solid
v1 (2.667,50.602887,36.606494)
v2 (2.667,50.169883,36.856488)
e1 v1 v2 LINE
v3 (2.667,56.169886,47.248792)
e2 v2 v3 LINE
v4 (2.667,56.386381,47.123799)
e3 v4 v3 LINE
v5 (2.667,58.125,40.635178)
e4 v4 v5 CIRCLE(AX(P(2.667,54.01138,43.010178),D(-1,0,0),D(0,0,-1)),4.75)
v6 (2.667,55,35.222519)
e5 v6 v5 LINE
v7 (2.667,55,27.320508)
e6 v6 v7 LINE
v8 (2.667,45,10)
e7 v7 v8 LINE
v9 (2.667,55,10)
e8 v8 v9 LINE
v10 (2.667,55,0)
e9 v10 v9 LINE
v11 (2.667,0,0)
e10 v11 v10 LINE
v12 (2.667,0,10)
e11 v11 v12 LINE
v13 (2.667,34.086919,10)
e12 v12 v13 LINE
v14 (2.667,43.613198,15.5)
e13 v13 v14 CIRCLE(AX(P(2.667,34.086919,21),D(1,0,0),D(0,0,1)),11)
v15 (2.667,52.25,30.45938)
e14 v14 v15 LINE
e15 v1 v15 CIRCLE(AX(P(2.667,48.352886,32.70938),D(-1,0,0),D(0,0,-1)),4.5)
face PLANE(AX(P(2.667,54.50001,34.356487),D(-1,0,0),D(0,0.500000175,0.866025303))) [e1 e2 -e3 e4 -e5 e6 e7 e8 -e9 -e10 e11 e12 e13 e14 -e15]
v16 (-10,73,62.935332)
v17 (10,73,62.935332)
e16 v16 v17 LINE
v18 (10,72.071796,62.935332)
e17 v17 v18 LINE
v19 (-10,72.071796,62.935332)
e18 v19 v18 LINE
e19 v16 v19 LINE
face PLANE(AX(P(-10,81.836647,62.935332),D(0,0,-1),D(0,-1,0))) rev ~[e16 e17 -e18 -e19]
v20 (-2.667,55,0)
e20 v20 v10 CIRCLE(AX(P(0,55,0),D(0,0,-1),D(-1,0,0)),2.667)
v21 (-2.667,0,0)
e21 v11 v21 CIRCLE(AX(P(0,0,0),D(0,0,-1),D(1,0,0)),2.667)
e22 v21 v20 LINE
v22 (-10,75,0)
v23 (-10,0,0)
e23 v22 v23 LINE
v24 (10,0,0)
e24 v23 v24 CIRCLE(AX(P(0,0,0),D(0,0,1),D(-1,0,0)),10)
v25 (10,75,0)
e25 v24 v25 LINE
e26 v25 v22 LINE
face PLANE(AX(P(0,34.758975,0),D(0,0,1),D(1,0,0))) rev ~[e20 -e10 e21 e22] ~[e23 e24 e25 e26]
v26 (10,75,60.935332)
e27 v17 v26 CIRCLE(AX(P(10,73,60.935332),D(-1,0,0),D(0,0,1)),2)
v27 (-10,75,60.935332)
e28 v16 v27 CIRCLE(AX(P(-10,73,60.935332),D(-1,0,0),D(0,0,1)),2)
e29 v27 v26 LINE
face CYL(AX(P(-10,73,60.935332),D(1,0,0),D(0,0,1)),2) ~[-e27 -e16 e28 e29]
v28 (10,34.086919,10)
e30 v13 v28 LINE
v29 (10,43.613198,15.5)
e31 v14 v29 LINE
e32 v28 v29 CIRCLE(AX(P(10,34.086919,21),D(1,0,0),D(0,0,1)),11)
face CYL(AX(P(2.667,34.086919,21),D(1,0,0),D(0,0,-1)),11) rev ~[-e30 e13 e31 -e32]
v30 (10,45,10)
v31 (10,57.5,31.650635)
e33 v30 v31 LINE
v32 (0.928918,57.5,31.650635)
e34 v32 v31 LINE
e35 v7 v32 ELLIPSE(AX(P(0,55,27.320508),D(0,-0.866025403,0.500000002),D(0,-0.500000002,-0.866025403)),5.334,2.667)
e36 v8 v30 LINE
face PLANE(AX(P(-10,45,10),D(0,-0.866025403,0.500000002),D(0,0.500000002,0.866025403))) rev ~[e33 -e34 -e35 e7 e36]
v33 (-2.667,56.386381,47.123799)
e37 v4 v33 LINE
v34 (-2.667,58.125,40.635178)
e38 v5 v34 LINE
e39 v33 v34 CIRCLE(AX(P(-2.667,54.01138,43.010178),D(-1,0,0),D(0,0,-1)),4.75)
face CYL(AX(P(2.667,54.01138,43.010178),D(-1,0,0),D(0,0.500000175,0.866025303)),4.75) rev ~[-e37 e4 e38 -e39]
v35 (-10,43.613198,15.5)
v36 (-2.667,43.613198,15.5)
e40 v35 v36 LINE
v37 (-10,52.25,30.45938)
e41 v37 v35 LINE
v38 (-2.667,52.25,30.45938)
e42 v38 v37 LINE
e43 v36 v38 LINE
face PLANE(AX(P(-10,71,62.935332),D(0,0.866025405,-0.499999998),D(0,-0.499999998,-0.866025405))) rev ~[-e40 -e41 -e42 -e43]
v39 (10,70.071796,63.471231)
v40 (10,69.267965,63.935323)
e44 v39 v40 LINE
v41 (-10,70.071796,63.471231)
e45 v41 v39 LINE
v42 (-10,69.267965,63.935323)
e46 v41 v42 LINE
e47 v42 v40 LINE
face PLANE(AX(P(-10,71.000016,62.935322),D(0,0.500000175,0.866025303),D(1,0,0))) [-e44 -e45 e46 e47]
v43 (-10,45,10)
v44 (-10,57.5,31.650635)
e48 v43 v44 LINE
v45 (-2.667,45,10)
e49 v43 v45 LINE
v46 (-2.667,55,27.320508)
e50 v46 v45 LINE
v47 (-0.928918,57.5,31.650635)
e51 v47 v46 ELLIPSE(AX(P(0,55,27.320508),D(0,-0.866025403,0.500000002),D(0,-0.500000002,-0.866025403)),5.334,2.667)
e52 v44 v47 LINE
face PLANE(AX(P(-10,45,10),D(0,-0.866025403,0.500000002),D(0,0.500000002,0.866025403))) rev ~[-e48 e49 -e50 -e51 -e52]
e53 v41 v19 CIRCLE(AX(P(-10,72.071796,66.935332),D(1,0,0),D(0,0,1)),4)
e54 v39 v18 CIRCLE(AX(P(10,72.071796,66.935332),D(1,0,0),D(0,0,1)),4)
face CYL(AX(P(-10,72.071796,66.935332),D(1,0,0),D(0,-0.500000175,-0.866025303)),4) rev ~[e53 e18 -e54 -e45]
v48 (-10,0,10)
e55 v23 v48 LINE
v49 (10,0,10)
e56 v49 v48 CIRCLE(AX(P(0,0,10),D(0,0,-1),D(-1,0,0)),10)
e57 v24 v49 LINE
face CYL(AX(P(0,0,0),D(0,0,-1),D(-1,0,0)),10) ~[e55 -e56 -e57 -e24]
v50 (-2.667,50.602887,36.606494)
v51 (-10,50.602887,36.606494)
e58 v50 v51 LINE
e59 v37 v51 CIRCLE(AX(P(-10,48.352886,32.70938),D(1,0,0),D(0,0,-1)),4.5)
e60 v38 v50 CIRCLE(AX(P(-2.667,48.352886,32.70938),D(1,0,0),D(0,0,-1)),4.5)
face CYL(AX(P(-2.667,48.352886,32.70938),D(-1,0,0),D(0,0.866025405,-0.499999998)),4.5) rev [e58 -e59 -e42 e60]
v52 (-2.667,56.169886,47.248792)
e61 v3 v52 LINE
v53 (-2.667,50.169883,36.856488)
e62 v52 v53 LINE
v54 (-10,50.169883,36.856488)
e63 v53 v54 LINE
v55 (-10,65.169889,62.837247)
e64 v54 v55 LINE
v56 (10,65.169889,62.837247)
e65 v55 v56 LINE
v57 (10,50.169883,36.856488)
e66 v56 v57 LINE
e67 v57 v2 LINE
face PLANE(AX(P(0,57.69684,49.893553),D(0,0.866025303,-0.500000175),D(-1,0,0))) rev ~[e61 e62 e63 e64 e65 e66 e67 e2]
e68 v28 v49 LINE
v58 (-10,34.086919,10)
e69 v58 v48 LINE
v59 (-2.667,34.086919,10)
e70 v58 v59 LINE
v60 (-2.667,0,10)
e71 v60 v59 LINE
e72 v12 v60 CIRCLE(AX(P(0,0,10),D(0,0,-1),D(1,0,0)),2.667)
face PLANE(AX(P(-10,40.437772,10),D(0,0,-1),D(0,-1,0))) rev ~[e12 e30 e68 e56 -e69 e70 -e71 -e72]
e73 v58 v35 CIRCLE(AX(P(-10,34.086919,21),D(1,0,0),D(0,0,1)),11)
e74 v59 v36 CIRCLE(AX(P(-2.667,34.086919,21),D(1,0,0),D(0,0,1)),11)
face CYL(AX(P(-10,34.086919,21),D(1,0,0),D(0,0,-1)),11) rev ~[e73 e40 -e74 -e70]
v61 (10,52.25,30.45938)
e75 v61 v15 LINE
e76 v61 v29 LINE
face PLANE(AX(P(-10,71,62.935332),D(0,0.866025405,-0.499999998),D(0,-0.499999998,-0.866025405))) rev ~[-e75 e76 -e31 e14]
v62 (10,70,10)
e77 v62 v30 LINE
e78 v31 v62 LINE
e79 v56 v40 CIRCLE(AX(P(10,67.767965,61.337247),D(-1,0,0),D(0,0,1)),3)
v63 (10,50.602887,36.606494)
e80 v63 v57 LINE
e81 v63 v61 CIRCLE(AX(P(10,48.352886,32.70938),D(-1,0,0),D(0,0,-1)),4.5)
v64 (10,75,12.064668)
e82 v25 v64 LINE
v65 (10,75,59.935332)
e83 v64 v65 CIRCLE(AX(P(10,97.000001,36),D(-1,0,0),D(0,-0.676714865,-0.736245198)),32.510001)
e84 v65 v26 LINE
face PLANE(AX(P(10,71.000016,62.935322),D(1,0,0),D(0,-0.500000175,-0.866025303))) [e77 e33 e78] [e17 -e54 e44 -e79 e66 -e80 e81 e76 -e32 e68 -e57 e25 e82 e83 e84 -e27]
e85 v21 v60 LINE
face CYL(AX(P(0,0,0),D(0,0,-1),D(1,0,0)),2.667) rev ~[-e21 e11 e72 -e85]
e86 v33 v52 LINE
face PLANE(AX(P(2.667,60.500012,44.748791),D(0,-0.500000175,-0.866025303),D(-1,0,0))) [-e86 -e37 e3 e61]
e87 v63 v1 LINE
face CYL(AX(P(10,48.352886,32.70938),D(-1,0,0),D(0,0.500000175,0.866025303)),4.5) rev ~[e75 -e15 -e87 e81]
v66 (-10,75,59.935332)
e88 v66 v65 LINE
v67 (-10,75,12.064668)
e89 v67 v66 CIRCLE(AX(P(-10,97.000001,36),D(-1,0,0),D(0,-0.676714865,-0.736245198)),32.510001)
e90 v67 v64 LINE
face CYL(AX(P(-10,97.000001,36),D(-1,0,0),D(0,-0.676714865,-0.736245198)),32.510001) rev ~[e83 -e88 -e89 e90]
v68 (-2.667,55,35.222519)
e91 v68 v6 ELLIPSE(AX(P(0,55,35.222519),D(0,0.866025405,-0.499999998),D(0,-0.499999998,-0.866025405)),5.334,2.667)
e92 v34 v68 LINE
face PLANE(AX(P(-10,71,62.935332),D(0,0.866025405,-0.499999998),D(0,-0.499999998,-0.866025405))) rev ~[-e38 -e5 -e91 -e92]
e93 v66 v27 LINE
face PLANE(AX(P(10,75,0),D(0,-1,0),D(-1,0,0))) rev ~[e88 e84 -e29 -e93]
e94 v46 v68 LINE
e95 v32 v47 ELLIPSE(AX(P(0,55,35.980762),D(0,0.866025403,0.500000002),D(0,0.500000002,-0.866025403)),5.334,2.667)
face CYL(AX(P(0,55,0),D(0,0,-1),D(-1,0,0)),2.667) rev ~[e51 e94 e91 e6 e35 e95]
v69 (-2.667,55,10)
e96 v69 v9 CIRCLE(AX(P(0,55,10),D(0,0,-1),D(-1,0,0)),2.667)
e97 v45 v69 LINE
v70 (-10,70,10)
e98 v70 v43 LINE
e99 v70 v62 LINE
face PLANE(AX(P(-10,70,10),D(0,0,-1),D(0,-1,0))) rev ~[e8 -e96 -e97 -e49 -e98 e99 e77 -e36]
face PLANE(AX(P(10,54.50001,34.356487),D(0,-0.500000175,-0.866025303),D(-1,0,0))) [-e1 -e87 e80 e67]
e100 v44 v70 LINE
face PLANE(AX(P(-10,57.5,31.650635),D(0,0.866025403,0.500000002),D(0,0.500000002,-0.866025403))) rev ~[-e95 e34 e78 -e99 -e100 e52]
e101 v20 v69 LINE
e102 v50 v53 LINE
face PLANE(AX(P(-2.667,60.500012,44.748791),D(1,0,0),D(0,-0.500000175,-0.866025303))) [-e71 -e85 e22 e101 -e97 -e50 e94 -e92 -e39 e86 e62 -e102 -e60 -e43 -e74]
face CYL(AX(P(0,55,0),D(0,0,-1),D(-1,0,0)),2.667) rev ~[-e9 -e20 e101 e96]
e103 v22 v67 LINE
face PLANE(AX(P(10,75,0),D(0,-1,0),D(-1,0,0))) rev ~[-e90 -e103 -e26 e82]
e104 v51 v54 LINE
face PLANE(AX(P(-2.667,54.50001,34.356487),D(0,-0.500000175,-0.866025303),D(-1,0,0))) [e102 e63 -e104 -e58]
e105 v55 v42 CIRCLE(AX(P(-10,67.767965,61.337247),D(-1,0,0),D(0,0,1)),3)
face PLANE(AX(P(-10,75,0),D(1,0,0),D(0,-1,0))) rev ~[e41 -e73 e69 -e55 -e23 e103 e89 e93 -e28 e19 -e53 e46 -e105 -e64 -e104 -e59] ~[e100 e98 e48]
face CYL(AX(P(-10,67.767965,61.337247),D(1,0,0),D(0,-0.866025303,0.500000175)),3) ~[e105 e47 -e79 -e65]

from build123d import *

# Parameters (mm, degrees)
PAD_DEPTH       = 67.31
POCKET_DEPTH    = 20.001
POCKET001_DEPTH = 62.936332
FILLET_R        = 11
PAD001_DEPTH    = 5
FILLET001_R     = 4.5
FILLET002_R     = 4.75
FILLET003_R     = 3
FILLET004_R     = 4
FILLET005_R     = 2


with BuildPart() as part:
    # Sketch → Pad (new body)
    with BuildSketch(Plane.XY):
        with BuildLine():
            Line((-10, 75), (-10, 0))
            ThreePointArc((-10, 0), (0, -10), (10, 0))
            Line((10, 0), (10, 75))
            Line((10, 75), (-10, 75))
        make_face()
    extrude(amount=PAD_DEPTH)

    # Sketch001 (on Face1 of Pad) → Pocket (cut, through all)
    with BuildSketch(Plane(origin=(-10, 0, 0), x_dir=(0, -1, 0), z_dir=(-1, 0, 0))):
        Polygon((-71, 62.935332), (-40.437772, 10), (26.946924, 10), (26.946924, 74.479118), (-81.836647, 74.479118), (-81.836647, 62.935332), align=None)
        with BuildLine():
            ThreePointArc((-75, 12.064668), (-64.49, 36), (-75, 59.935332))
            Line((-75, 59.935332), (-97, 36))
            Line((-97, 36), (-75, 12.064668))
        make_face()
        Polygon((-70, 10), (-45, 10), (-57.5, 31.650635), align=None)
    extrude(amount=-POCKET_DEPTH, mode=Mode.SUBTRACT)

    # Sketch002 (on Face2 of Pocket) → Pocket001 (cut, through all)
    with BuildSketch(Plane(origin=(0, 0, 0), x_dir=(1, 0, 0), z_dir=(0, 0, -1))):
        with BuildLine():
            ThreePointArc((2.667, 0), (0, 2.667), (-2.667, 0))
            Line((-2.667, 0), (-2.667, -55))
            ThreePointArc((-2.667, -55), (0, -57.667), (2.667, -55))
            Line((2.667, 0), (2.667, -55))
        make_face()
    extrude(amount=-POCKET001_DEPTH, mode=Mode.SUBTRACT)

    # Fillet
    fillet_edges = [part.edges().sort_by_distance(p)[0] for p in [
        (6.3335, 40.437772, 10),
        (-6.3335, 40.437772, 10),
    ]]
    fillet(fillet_edges, radius=FILLET_R)

    # Sketch003 (on Face5 of Fillet) → Pad001 (join)
    with BuildSketch(Plane(origin=(0, 25.998202, -15.010069), x_dir=(1, 0, 0), z_dir=(0, -0.866025, 0.5))):
        Polygon((-10, 90.003596), (10, 90.003596), (10, 57.003596), (2.667, 57.003596), (2.667, 69.003596), (-2.667, 69.003596), (-2.667, 57.003596), (-10, 57.003596), align=None)
    extrude(amount=PAD001_DEPTH)

    # Fillet001
    fillet001_edges = [part.edges().sort_by_distance(p)[0] for p in [
        (6.3335, 54.5, 34.356493),
        (-6.3335, 54.5, 34.356493),
    ]]
    fillet(fillet001_edges, radius=FILLET001_R)

    # Fillet002
    fillet002_edges = [part.edges().sort_by_distance(p)[0] for p in [
        (0, 60.5, 44.748798),
    ]]
    fillet(fillet002_edges, radius=FILLET002_R)

    # Fillet003
    fillet003_edges = [part.edges().sort_by_distance(p)[0] for p in [
        (0, 66.669873, 65.435332),
    ]]
    fillet(fillet003_edges, radius=FILLET003_R)

    # Fillet004
    fillet004_edges = [part.edges().sort_by_distance(p)[0] for p in [
        (0, 71, 62.935332),
    ]]
    fillet(fillet004_edges, radius=FILLET004_R)

    # Fillet005
    fillet005_edges = [part.edges().sort_by_distance(p)[0] for p in [
        (0, 75, 62.935332),
    ]]
    fillet(fillet005_edges, radius=FILLET005_R)


solid = part.part
